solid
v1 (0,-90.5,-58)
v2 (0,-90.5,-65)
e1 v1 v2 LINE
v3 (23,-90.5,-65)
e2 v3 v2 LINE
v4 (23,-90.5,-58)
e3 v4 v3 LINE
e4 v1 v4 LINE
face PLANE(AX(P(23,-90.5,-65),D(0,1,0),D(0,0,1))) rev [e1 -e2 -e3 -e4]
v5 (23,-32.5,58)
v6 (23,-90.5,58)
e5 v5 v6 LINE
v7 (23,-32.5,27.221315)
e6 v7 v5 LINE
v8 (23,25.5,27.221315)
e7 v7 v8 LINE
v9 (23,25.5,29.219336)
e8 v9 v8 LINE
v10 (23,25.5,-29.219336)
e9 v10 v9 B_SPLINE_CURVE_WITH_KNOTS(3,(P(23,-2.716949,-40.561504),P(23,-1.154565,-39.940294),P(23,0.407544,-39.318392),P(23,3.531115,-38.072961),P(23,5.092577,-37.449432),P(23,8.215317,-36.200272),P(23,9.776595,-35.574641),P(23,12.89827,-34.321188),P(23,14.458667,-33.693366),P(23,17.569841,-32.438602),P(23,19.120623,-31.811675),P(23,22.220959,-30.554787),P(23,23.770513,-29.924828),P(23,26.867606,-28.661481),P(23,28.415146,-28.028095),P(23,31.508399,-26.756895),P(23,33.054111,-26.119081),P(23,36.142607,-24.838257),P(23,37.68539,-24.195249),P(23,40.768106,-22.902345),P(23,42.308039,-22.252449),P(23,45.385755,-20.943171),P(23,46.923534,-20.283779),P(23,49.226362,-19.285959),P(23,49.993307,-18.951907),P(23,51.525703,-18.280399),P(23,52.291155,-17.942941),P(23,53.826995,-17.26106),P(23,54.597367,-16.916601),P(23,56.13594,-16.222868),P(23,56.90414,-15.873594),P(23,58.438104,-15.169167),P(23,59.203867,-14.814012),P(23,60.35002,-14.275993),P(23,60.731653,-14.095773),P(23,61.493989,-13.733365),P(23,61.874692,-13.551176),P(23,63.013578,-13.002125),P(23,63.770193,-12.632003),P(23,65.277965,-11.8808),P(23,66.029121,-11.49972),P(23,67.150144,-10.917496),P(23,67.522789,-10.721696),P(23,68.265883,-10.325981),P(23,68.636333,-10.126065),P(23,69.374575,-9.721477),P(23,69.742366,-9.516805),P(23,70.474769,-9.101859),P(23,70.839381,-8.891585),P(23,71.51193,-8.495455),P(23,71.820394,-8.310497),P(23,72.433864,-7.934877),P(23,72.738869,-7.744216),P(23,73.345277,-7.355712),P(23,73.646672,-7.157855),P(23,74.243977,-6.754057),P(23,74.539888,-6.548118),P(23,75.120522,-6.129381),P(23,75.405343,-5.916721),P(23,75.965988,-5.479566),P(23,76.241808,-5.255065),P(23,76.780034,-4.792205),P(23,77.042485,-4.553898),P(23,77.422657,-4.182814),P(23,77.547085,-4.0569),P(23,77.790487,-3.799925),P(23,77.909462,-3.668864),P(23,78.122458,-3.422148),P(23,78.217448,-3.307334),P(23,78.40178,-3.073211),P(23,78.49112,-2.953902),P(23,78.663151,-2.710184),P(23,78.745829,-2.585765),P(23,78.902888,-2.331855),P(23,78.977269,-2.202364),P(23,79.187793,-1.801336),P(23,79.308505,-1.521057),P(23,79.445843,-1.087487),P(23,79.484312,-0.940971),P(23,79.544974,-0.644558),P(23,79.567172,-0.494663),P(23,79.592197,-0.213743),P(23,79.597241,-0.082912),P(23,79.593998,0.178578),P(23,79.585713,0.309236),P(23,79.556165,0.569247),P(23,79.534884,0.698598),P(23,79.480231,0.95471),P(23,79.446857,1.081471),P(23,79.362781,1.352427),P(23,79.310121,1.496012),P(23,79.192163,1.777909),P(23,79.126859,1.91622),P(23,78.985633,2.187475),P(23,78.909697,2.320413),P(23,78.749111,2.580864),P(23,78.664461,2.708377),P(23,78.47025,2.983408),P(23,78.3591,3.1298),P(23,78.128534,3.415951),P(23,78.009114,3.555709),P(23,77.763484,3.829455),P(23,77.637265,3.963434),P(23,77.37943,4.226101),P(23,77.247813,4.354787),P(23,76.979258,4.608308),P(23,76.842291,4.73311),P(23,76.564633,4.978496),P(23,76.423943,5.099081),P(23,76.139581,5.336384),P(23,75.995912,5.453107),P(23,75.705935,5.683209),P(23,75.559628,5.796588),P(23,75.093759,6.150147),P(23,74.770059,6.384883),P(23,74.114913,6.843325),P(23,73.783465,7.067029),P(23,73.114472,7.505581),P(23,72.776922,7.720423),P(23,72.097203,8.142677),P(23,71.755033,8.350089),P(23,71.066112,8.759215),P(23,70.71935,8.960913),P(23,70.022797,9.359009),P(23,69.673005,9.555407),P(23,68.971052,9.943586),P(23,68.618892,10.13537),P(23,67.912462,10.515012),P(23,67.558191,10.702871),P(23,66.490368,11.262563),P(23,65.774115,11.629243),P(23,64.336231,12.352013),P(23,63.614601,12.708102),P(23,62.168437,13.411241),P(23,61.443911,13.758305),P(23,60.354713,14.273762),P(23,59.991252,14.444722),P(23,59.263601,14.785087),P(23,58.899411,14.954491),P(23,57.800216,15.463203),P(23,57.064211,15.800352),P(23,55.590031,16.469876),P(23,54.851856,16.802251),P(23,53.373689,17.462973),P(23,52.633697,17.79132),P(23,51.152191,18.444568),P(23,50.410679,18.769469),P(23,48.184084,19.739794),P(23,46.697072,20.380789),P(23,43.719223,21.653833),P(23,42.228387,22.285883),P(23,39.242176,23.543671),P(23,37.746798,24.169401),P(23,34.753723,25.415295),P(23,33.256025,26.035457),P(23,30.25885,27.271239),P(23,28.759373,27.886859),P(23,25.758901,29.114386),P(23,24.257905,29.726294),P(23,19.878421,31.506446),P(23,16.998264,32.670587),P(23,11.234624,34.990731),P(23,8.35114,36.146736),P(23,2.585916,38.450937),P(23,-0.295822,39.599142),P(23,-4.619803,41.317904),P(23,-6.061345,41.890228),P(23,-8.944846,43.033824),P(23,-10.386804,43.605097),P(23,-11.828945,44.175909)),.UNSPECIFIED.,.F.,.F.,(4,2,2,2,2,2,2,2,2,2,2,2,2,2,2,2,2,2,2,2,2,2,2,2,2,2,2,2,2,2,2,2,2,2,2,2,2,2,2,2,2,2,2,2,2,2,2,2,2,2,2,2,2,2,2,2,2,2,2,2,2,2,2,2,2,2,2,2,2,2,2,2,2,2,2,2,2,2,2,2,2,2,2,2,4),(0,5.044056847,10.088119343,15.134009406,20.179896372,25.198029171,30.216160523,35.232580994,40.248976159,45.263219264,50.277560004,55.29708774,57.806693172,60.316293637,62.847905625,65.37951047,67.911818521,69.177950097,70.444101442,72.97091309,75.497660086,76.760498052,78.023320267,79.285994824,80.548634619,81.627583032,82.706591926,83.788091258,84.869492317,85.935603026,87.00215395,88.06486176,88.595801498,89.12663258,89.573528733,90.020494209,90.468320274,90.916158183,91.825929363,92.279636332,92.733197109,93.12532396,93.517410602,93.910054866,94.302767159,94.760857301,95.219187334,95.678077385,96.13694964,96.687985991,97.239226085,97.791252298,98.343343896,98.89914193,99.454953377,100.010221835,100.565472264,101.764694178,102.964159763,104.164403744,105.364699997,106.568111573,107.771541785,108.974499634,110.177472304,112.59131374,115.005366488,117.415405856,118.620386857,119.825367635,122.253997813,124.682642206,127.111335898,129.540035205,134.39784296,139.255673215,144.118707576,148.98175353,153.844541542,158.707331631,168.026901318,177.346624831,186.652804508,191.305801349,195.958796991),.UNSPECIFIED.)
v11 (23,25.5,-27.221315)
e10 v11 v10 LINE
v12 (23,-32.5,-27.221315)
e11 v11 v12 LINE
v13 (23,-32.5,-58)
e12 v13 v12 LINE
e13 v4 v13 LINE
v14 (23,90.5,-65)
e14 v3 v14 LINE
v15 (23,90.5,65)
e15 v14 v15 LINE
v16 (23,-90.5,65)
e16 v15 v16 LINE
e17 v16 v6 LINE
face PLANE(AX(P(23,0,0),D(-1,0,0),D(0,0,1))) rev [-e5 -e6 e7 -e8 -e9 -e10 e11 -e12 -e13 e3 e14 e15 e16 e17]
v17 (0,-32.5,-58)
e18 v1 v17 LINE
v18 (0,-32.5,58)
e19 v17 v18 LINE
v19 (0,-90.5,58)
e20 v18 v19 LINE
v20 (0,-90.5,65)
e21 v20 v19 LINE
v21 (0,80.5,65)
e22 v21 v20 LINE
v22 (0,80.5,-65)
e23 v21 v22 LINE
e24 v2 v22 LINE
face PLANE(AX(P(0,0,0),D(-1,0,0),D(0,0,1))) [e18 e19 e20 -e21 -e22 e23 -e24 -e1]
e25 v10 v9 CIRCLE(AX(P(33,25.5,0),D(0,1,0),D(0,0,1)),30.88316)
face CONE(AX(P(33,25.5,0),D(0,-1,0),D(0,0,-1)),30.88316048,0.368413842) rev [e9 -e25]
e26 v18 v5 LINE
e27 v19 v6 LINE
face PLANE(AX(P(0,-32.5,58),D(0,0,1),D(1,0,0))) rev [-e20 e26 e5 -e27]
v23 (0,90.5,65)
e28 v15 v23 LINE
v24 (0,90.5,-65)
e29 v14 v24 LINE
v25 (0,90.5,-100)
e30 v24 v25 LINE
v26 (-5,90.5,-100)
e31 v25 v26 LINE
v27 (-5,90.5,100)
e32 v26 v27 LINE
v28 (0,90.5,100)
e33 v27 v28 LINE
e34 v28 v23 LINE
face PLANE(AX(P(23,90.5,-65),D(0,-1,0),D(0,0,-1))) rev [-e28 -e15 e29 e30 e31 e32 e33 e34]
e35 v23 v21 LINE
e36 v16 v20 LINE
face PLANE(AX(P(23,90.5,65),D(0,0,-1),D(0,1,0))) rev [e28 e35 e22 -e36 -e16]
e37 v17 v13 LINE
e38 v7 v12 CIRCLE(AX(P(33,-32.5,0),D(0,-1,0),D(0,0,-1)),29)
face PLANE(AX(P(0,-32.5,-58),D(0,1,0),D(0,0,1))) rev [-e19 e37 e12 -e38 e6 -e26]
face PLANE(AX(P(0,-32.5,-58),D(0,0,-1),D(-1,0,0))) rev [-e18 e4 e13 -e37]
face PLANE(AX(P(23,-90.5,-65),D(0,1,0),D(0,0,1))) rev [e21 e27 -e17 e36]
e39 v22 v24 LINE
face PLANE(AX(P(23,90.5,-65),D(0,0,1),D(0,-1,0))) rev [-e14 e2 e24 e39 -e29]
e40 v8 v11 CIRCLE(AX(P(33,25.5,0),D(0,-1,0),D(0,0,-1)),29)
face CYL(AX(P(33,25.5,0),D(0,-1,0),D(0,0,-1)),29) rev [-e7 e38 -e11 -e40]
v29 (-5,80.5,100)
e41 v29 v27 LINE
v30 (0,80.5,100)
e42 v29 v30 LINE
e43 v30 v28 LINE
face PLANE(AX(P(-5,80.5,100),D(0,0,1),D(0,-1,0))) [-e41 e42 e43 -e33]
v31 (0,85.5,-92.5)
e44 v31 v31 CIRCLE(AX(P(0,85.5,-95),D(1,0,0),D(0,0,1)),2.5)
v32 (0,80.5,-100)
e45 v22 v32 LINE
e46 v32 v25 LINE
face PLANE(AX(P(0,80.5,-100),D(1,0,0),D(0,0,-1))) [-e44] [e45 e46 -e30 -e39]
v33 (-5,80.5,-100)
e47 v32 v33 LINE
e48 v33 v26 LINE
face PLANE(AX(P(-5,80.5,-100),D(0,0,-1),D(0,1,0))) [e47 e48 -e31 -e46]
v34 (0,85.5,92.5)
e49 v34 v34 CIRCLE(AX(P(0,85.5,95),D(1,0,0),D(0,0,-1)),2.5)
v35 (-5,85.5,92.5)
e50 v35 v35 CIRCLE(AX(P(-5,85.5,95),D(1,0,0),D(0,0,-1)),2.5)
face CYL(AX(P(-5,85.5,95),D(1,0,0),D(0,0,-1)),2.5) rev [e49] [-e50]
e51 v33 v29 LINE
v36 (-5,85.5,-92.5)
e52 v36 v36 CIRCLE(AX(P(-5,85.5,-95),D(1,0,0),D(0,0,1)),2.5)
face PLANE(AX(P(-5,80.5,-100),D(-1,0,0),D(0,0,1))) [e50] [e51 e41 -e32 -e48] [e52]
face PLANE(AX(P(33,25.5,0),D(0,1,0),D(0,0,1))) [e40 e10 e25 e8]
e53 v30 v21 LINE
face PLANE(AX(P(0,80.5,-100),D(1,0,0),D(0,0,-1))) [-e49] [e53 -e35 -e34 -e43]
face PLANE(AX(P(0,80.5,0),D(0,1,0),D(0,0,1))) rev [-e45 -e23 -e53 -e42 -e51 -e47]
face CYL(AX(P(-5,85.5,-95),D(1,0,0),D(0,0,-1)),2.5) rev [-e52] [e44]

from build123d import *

# Parameters (mm, degrees)
ESQUISSE1_W             = 130
ESQUISSE1_H             = 181
BASE_DEPTH              = 23
ESQUISSE2_W             = 116
ESQUISSE2_H             = 58
VIDE_CUBE_DEPTH         = 114.772799913
ESQUISSE3_R             = 29
VIDE_CYLINDRE_DEPTH     = 58
ESQUISSE5_W             = 5
ESQUISSE5_H             = 200
FIXATION_TIGE_DEPTH     = 10
ESQUISSE6_R             = 2.5
ENL_V_MAT_EXTRU_1_DEPTH = 137.818310178


with BuildPart() as part:
    # Esquisse1 → BASE (new body)
    with BuildSketch(Plane(origin=(0, 0, 0), x_dir=(0, 0, -1), z_dir=(1, 0, 0))):
        Rectangle(ESQUISSE1_W, ESQUISSE1_H)
    extrude(amount=BASE_DEPTH)

    # Esquisse2 → VIDE CUBE (cut, through all)
    with BuildSketch(Plane(origin=(23, 0, 0), x_dir=(0, 0, -1), z_dir=(1, 0, 0))):
        with Locations((0, -61.5)):
            Rectangle(ESQUISSE2_W, ESQUISSE2_H)
    extrude(amount=-VIDE_CUBE_DEPTH, mode=Mode.SUBTRACT)

    # Esquisse3 → VIDE CYLINDRE (cut)
    with BuildSketch(Plane.XZ.offset(32.5)):
        with Locations((33, 0)):
            Circle(ESQUISSE3_R)
    extrude(amount=-VIDE_CYLINDRE_DEPTH, mode=Mode.SUBTRACT)

    # Esquisse4 → VIDE CONE (revolve, cut)
    with BuildSketch(Plane(origin=(33, 0, 0), x_dir=(0, 0, -1), z_dir=(1, 0, 0))):
        Polygon((0, 25.5), (30.88316048, 25.5), (0, 105.5), align=None)
    revolve(axis=Axis((33, 105.5, 0), (0, -1, 0)), mode=Mode.SUBTRACT)

    # Esquisse5 → FIXATION TIGE (add)
    with BuildSketch(Plane(origin=(0, 90.5, 0), x_dir=(1, 0, 0), z_dir=(0, 1, 0))):
        with Locations((-2.5, 0)):
            Rectangle(ESQUISSE5_W, ESQUISSE5_H)
    extrude(amount=-FIXATION_TIGE_DEPTH)

    # Esquisse6 → Enlèv. mat.-Extru.1 (cut, through all)
    with BuildSketch(Plane(origin=(0, 0, 0), x_dir=(0, 0, -1), z_dir=(1, 0, 0))):
        with Locations((-95, 85.5)):
            Circle(ESQUISSE6_R)
        with Locations((95, 85.5)):
            Circle(ESQUISSE6_R)
    extrude(amount=-ENL_V_MAT_EXTRU_1_DEPTH, mode=Mode.SUBTRACT)


solid = part.part
